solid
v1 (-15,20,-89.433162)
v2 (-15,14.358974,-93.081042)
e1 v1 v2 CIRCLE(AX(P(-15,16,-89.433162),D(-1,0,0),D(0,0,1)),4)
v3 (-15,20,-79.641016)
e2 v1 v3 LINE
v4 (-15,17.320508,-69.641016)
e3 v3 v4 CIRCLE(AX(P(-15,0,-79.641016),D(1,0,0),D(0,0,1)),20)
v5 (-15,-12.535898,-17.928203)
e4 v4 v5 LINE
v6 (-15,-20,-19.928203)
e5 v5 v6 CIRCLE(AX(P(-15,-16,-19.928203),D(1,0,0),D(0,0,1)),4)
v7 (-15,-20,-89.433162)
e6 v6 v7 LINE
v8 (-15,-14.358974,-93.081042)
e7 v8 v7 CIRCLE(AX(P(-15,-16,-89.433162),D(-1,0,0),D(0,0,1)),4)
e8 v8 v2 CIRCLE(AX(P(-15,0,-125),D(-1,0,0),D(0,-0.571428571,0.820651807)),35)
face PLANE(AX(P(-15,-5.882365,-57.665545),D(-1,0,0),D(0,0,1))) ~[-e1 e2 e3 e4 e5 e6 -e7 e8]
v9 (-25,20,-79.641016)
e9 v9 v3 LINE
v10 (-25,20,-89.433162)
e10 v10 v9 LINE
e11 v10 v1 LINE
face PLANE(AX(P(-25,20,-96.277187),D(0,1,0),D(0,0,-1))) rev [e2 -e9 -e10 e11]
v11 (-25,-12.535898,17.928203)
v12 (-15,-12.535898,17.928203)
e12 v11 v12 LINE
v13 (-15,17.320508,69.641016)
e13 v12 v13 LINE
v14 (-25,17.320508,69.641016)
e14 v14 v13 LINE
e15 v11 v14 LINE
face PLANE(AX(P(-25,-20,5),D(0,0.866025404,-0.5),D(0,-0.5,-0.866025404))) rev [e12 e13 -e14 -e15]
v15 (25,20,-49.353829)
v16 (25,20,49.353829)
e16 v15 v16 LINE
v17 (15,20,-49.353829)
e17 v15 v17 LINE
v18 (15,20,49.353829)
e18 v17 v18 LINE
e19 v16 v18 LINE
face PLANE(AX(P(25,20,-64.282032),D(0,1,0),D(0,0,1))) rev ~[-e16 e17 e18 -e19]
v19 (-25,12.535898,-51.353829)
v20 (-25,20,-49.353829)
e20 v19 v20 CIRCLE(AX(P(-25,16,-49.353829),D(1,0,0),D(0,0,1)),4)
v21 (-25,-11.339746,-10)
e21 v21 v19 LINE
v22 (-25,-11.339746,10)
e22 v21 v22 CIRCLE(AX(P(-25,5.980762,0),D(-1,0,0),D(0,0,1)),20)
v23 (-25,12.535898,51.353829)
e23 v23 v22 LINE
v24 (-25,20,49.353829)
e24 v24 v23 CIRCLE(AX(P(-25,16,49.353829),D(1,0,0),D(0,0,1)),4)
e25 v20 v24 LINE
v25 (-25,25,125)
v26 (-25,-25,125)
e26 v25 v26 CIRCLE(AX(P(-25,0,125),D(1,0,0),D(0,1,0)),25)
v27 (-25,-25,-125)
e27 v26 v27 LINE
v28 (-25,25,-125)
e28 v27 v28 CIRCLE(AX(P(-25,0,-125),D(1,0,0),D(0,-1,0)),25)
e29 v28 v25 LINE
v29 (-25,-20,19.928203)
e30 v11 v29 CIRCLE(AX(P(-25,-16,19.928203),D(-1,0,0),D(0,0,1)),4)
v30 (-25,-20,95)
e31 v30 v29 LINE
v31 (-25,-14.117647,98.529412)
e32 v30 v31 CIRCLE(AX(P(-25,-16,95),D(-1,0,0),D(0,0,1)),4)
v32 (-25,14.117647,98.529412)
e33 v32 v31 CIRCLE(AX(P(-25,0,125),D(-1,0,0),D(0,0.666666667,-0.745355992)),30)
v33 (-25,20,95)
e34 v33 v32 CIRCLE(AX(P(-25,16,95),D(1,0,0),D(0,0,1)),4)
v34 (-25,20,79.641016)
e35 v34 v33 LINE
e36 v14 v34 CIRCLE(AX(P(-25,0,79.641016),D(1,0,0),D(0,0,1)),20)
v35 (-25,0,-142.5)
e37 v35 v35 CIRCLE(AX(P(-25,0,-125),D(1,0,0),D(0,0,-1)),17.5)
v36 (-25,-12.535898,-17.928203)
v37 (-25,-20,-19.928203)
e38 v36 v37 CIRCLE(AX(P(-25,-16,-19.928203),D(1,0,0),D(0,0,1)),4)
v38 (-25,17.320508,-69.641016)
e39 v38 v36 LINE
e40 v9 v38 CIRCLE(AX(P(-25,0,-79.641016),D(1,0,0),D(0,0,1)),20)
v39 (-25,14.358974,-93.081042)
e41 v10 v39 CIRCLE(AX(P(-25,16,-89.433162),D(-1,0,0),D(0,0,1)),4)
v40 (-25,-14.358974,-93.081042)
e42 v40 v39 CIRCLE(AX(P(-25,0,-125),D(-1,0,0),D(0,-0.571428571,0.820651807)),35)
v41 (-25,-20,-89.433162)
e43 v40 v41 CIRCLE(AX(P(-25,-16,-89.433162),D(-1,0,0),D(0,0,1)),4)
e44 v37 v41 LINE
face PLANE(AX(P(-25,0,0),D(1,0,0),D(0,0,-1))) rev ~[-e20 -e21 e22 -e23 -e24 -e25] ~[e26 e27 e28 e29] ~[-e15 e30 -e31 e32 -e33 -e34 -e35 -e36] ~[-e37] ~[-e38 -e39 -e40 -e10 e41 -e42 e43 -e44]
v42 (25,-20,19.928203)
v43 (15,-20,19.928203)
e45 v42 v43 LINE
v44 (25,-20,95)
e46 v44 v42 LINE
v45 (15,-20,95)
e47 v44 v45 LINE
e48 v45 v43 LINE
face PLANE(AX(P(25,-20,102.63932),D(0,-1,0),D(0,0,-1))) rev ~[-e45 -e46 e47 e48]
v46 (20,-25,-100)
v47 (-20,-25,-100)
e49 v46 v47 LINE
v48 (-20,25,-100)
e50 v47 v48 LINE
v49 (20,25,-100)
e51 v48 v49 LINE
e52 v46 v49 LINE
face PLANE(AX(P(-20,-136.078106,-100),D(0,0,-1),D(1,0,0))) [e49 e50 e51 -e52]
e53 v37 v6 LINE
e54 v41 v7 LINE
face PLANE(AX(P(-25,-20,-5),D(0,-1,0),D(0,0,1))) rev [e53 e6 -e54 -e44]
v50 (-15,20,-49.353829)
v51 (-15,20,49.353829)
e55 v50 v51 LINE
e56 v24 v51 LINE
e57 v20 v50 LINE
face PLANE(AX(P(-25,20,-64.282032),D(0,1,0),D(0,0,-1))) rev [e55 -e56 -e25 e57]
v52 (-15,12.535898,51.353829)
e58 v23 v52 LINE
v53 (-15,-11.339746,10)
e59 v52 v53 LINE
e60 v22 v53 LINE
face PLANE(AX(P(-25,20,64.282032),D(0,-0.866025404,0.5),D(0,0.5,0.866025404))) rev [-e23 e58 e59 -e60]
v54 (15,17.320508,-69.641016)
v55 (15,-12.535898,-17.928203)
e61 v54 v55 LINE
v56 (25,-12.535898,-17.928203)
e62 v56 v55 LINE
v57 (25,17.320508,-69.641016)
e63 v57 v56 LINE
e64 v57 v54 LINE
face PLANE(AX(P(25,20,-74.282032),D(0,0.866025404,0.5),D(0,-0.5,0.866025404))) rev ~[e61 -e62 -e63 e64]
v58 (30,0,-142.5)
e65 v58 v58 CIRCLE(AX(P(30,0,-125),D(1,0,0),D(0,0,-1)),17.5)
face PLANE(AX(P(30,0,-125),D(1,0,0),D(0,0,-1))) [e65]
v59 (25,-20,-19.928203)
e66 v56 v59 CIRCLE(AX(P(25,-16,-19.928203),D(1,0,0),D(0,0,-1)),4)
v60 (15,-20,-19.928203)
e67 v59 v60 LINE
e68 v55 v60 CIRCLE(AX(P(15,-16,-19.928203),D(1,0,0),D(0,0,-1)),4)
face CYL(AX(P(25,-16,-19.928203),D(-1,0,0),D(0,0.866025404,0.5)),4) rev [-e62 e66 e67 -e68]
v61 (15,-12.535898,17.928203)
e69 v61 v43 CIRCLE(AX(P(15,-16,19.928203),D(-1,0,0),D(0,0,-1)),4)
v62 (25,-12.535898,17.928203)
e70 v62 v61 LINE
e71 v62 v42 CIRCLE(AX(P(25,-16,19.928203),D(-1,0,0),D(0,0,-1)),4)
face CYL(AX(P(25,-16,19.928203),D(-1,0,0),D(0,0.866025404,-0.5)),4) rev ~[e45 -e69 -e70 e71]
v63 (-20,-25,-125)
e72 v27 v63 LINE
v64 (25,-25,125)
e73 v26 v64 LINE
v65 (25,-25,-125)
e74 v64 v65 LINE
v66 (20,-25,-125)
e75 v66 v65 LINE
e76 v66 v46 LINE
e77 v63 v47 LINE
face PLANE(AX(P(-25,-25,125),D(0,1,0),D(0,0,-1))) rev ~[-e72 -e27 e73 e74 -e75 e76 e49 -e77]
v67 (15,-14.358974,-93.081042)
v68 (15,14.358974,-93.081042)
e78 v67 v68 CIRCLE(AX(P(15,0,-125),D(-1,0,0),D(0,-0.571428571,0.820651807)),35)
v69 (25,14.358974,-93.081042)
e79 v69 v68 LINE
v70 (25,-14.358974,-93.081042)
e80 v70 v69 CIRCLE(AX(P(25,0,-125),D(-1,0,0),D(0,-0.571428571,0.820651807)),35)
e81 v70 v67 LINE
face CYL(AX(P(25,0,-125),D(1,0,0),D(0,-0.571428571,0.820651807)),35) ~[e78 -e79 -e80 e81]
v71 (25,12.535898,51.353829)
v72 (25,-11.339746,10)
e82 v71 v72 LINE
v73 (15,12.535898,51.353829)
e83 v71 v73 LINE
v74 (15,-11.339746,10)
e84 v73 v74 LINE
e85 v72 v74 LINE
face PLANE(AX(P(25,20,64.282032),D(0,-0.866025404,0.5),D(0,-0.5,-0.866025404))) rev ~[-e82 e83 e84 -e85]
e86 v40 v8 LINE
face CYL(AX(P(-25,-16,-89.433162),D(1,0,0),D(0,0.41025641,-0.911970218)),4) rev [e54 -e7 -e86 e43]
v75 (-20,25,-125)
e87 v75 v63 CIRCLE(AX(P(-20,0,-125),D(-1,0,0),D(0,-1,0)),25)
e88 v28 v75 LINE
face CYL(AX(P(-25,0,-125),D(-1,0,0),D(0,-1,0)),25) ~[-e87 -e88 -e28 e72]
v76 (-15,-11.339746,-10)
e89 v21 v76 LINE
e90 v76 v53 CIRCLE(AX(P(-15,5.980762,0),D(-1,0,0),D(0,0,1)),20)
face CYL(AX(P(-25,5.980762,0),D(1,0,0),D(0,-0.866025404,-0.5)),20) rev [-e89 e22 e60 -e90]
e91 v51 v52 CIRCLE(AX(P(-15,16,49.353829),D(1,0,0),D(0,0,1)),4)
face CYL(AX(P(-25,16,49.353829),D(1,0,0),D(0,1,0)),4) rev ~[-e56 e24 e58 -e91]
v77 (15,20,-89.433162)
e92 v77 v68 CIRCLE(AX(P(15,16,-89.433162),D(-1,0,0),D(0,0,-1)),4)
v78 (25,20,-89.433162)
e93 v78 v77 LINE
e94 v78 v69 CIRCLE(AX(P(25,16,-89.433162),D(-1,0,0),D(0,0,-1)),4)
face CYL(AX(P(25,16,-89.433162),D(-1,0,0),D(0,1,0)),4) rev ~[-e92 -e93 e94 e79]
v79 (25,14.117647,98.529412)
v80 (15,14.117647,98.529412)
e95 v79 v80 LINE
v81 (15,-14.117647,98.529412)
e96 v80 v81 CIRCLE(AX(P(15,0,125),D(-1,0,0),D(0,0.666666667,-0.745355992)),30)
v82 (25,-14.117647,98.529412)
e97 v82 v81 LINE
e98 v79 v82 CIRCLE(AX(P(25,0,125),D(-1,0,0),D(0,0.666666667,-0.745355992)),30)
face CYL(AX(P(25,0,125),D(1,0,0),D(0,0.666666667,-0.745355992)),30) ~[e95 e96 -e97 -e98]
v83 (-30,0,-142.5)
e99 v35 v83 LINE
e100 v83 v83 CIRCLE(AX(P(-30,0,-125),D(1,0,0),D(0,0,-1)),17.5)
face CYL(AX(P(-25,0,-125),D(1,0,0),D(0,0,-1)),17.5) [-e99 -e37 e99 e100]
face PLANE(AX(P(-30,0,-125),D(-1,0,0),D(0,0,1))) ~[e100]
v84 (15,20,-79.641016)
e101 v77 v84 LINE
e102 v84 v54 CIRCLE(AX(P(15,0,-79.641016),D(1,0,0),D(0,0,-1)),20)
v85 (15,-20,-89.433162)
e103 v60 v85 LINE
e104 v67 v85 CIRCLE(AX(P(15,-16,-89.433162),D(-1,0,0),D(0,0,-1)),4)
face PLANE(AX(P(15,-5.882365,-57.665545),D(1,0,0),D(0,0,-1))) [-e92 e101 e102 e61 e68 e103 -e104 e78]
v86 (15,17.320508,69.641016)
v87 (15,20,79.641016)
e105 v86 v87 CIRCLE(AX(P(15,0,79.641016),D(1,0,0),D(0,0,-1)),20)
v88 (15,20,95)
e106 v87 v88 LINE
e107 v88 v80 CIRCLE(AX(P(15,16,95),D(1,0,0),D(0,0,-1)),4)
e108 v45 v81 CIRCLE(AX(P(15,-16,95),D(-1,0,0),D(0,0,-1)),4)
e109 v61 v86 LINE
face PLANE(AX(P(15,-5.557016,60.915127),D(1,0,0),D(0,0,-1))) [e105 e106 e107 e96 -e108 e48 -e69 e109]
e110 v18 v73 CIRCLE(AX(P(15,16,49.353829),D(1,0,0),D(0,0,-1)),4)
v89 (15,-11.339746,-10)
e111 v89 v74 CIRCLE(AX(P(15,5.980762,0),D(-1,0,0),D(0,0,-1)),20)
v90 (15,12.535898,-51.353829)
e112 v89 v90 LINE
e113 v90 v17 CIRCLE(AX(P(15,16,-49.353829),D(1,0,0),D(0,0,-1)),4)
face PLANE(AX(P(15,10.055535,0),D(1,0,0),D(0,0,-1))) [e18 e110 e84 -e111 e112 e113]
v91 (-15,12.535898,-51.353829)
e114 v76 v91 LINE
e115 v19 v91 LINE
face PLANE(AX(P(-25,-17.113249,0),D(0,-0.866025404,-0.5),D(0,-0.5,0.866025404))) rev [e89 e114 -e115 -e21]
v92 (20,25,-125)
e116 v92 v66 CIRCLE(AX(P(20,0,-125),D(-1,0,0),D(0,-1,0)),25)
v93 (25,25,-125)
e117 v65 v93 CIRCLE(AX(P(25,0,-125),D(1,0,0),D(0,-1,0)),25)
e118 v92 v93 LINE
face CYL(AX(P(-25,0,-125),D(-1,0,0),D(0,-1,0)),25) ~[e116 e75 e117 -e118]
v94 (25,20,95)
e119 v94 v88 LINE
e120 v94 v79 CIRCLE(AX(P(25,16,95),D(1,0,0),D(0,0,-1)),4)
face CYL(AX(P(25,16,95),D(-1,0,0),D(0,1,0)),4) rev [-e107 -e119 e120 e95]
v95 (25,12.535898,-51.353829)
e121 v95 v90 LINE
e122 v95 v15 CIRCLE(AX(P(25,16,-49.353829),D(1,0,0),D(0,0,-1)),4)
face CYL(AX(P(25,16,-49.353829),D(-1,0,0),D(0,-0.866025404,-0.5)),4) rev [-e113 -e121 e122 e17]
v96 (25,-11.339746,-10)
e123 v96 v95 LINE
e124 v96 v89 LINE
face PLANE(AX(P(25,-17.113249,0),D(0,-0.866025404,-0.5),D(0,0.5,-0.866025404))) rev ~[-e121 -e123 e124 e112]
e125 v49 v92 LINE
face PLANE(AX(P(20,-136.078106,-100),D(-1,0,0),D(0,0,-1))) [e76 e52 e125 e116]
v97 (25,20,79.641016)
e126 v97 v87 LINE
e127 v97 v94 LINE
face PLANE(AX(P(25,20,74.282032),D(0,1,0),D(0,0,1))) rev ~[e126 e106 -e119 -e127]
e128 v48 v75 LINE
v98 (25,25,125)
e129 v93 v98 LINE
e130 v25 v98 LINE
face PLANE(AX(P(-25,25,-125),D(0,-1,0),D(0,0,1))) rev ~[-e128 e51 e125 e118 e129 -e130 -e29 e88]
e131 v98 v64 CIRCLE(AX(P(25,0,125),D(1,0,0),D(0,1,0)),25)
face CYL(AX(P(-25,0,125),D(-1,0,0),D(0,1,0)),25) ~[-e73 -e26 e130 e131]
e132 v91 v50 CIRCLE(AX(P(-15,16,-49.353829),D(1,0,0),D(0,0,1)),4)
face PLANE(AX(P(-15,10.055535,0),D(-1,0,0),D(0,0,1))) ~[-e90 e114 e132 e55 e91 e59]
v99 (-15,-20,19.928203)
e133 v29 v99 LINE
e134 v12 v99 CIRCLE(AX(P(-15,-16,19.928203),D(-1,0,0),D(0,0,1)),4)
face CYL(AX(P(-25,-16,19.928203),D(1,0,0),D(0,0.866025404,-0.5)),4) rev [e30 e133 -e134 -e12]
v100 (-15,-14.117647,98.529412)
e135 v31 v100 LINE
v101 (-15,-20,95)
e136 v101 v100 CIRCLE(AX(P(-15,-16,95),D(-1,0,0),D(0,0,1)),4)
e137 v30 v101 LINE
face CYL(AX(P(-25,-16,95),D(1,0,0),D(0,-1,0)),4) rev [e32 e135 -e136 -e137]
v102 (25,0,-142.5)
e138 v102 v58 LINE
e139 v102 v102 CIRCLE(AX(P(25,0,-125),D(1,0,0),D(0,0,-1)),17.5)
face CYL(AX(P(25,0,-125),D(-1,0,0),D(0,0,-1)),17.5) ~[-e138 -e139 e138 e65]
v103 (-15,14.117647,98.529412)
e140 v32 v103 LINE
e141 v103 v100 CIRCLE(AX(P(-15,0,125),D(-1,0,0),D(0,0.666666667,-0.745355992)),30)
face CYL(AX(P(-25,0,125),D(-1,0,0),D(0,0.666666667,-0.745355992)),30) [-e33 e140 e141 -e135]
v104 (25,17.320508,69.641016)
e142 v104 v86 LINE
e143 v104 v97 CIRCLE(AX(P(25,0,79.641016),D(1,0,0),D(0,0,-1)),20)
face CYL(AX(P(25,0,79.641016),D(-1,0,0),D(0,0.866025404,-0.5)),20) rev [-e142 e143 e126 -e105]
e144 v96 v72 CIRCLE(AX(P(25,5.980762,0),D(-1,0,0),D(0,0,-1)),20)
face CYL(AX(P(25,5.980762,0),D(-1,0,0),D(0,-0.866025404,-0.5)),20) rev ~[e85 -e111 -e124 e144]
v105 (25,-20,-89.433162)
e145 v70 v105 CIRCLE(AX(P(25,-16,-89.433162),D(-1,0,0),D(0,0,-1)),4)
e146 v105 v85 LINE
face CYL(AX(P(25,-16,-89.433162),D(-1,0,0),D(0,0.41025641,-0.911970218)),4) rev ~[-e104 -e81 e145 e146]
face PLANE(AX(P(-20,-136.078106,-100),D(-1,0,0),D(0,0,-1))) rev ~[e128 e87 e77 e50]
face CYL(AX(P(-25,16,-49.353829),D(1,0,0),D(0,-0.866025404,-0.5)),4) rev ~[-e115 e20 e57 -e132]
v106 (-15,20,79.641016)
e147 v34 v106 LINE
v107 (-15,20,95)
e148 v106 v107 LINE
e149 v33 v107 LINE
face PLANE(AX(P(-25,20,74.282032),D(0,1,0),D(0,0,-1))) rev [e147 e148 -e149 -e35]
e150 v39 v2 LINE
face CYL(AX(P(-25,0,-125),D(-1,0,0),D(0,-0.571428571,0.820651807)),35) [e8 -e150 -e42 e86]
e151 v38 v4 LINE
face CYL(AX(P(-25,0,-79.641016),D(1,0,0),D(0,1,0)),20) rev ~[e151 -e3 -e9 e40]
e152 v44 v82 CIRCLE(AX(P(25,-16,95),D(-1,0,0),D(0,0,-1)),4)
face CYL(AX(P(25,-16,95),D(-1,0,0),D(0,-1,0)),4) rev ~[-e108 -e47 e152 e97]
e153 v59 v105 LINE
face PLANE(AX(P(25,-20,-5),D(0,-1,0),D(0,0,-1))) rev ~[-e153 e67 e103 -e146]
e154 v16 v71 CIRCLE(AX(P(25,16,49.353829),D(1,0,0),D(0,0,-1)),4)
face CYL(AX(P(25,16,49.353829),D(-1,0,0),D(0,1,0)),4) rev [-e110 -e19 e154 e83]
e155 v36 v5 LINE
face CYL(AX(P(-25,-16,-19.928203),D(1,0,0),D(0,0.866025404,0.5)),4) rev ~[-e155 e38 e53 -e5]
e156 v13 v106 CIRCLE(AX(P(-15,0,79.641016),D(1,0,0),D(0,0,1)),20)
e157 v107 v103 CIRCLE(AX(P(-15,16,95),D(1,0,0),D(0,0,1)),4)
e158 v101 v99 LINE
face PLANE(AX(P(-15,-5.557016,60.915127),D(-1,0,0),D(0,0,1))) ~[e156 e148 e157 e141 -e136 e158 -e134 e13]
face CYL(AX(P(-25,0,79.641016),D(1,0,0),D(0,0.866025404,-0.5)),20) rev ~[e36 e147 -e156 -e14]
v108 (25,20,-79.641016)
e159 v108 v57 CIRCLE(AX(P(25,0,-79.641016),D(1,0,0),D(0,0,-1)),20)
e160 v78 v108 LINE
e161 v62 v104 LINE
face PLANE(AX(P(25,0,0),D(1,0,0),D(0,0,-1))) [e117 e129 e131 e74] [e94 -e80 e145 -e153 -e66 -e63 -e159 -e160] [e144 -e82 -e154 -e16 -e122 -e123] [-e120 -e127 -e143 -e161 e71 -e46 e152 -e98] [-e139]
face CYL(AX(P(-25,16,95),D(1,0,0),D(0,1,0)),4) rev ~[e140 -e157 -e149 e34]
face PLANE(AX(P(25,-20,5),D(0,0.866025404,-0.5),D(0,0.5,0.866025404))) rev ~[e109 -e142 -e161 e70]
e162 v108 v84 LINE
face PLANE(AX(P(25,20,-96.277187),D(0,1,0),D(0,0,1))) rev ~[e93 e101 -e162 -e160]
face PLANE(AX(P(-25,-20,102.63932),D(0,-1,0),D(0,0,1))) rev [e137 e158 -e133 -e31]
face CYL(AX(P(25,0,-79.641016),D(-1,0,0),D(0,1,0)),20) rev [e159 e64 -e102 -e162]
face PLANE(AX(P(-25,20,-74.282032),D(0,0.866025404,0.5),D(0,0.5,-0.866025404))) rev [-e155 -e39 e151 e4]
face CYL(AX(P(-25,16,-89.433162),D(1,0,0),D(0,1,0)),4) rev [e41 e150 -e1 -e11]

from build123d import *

# Parameters (mm, degrees)
BOSS_EXTRUDE1_DEPTH      = 25
BOSS_EXTRUDE1_DEPTH_BACK = 25
CUT_EXTRUDE1_DEPTH       = 161.078105936
CUT_EXTRUDE1_DEPTH_BACK  = 161.078105936
SKETCH2_W                = 40
SKETCH2_H                = 100
SKETCH3_R                = 17.5
BOSS_EXTRUDE2_DEPTH      = 5
CUT_EXTRUDE2_DEPTH       = 10
FILLET1_R                = 20
FILLET2_R                = 4
FILLET1_OF_MIRROR2_R     = 20
FILLET2_OF_MIRROR2_R     = 4


with BuildPart() as part:
    # Sketch1 → Boss-Extrude1 (new, two sides: drawn at the far end of the back side and taken through both)
    with BuildSketch(Plane(origin=(0, 0, 0), x_dir=(0, 0, -1), z_dir=(1, 0, 0)).offset(-BOSS_EXTRUDE1_DEPTH_BACK)):
        with BuildLine():
            Line((-125, -25), (125, -25))
            ThreePointArc((125, -25), (150, 0), (125, 25))
            Line((125, 25), (-125, 25))
            ThreePointArc((-125, 25), (-150, 0), (-125, -25))
        make_face()
    extrude(amount=BOSS_EXTRUDE1_DEPTH + BOSS_EXTRUDE1_DEPTH_BACK)

    # Sketch2 → Cut-Extrude1 (cut, two sides: drawn at the far end of the back side and taken through both)
    with BuildSketch(Plane(origin=(0, 25, 0), x_dir=(1, 0, 0), z_dir=(0, 1, 0)).offset(-CUT_EXTRUDE1_DEPTH_BACK)):
        with Locations((0, 150)):
            Rectangle(SKETCH2_W, SKETCH2_H)
    extrude(amount=CUT_EXTRUDE1_DEPTH + CUT_EXTRUDE1_DEPTH_BACK, mode=Mode.SUBTRACT)

    # Sketch3 → Boss-Extrude2 (add)
    with BuildSketch(Plane(origin=(25, 0, 0), x_dir=(0, 0, -1), z_dir=(1, 0, 0))):
        with Locations((125, 0)):
            Circle(SKETCH3_R)
    boss_extrude2 = extrude(amount=BOSS_EXTRUDE2_DEPTH)

    # Mirror1: Boss-Extrude2 across plane
    add(boss_extrude2.mirror(Plane(origin=(0, 0, 0), x_dir=(0, 0, 1), z_dir=(1, 0, 0))))

    # Sketch4 → Cut-Extrude2 (cut)
    with BuildSketch(Plane(origin=(25, 0, 0), x_dir=(0, 0, -1), z_dir=(1, 0, 0))):
        with BuildLine():
            ThreePointArc((96.277186767, -20), (90, 0), (96.277186767, 20))
            Line((96.277186767, 20), (74.282032303, 20))
            Line((74.282032303, 20), (5, -20))
            Line((5, -20), (96.277186767, -20))
        make_face()
        Polygon((0, -17.113248654), (64.282032303, 20), (-64.282032303, 20), align=None)
        with BuildLine():
            Line((-102.639320225, -20), (-5, -20))
            Line((-5, -20), (-74.282032303, 20))
            Line((-74.282032303, 20), (-102.639320225, 20))
            ThreePointArc((-102.639320225, 20), (-95, 0), (-102.639320225, -20))
        make_face()
    cut_extrude2 = extrude(amount=-CUT_EXTRUDE2_DEPTH, mode=Mode.SUBTRACT)

    # Fillet1
    fillet1_edges = [part.edges().sort_by_distance(p)[0] for p in [
        (20, -17.113248654, 0),
        (20, 20, -74.282032303),
        (20, 20, 74.282032303),
    ]]
    fillet(fillet1_edges, radius=FILLET1_R)

    # Fillet2
    fillet2_edges = [part.edges().sort_by_distance(p)[0] for p in [
        (20, -20, -96.277186767),
        (20, 20, -96.277186767),
        (20, -20, -5),
        (20, -20, 5),
        (20, -20, 102.639320225),
        (20, 20, 102.639320225),
        (20, 20, -64.282032303),
        (20, 20, 64.282032303),
    ]]
    fillet(fillet2_edges, radius=FILLET2_R)

    # Mirror2: Cut-Extrude2 across plane
    add(cut_extrude2.mirror(Plane(origin=(0, 0, 0), x_dir=(0, 0, 1), z_dir=(1, 0, 0))), mode=Mode.SUBTRACT)

    # Fillet1 of Mirror2
    fillet1_of_mirror2_edges = [part.edges().sort_by_distance(p)[0] for p in [
        (-20, -17.113248654, 0),
        (-20, 20, -74.282032303),
        (-20, 20, 74.282032303),
    ]]
    fillet(fillet1_of_mirror2_edges, radius=FILLET1_OF_MIRROR2_R)

    # Fillet2 of Mirror2
    fillet2_of_mirror2_edges = [part.edges().sort_by_distance(p)[0] for p in [
        (-20, -20, -96.277186767),
        (-20, 20, -96.277186767),
        (-20, -20, -5),
        (-20, -20, 5),
        (-20, -20, 102.639320225),
        (-20, 20, 102.639320225),
        (-20, 20, -64.282032303),
        (-20, 20, 64.282032303),
    ]]
    fillet(fillet2_of_mirror2_edges, radius=FILLET2_OF_MIRROR2_R)


solid = part.part
